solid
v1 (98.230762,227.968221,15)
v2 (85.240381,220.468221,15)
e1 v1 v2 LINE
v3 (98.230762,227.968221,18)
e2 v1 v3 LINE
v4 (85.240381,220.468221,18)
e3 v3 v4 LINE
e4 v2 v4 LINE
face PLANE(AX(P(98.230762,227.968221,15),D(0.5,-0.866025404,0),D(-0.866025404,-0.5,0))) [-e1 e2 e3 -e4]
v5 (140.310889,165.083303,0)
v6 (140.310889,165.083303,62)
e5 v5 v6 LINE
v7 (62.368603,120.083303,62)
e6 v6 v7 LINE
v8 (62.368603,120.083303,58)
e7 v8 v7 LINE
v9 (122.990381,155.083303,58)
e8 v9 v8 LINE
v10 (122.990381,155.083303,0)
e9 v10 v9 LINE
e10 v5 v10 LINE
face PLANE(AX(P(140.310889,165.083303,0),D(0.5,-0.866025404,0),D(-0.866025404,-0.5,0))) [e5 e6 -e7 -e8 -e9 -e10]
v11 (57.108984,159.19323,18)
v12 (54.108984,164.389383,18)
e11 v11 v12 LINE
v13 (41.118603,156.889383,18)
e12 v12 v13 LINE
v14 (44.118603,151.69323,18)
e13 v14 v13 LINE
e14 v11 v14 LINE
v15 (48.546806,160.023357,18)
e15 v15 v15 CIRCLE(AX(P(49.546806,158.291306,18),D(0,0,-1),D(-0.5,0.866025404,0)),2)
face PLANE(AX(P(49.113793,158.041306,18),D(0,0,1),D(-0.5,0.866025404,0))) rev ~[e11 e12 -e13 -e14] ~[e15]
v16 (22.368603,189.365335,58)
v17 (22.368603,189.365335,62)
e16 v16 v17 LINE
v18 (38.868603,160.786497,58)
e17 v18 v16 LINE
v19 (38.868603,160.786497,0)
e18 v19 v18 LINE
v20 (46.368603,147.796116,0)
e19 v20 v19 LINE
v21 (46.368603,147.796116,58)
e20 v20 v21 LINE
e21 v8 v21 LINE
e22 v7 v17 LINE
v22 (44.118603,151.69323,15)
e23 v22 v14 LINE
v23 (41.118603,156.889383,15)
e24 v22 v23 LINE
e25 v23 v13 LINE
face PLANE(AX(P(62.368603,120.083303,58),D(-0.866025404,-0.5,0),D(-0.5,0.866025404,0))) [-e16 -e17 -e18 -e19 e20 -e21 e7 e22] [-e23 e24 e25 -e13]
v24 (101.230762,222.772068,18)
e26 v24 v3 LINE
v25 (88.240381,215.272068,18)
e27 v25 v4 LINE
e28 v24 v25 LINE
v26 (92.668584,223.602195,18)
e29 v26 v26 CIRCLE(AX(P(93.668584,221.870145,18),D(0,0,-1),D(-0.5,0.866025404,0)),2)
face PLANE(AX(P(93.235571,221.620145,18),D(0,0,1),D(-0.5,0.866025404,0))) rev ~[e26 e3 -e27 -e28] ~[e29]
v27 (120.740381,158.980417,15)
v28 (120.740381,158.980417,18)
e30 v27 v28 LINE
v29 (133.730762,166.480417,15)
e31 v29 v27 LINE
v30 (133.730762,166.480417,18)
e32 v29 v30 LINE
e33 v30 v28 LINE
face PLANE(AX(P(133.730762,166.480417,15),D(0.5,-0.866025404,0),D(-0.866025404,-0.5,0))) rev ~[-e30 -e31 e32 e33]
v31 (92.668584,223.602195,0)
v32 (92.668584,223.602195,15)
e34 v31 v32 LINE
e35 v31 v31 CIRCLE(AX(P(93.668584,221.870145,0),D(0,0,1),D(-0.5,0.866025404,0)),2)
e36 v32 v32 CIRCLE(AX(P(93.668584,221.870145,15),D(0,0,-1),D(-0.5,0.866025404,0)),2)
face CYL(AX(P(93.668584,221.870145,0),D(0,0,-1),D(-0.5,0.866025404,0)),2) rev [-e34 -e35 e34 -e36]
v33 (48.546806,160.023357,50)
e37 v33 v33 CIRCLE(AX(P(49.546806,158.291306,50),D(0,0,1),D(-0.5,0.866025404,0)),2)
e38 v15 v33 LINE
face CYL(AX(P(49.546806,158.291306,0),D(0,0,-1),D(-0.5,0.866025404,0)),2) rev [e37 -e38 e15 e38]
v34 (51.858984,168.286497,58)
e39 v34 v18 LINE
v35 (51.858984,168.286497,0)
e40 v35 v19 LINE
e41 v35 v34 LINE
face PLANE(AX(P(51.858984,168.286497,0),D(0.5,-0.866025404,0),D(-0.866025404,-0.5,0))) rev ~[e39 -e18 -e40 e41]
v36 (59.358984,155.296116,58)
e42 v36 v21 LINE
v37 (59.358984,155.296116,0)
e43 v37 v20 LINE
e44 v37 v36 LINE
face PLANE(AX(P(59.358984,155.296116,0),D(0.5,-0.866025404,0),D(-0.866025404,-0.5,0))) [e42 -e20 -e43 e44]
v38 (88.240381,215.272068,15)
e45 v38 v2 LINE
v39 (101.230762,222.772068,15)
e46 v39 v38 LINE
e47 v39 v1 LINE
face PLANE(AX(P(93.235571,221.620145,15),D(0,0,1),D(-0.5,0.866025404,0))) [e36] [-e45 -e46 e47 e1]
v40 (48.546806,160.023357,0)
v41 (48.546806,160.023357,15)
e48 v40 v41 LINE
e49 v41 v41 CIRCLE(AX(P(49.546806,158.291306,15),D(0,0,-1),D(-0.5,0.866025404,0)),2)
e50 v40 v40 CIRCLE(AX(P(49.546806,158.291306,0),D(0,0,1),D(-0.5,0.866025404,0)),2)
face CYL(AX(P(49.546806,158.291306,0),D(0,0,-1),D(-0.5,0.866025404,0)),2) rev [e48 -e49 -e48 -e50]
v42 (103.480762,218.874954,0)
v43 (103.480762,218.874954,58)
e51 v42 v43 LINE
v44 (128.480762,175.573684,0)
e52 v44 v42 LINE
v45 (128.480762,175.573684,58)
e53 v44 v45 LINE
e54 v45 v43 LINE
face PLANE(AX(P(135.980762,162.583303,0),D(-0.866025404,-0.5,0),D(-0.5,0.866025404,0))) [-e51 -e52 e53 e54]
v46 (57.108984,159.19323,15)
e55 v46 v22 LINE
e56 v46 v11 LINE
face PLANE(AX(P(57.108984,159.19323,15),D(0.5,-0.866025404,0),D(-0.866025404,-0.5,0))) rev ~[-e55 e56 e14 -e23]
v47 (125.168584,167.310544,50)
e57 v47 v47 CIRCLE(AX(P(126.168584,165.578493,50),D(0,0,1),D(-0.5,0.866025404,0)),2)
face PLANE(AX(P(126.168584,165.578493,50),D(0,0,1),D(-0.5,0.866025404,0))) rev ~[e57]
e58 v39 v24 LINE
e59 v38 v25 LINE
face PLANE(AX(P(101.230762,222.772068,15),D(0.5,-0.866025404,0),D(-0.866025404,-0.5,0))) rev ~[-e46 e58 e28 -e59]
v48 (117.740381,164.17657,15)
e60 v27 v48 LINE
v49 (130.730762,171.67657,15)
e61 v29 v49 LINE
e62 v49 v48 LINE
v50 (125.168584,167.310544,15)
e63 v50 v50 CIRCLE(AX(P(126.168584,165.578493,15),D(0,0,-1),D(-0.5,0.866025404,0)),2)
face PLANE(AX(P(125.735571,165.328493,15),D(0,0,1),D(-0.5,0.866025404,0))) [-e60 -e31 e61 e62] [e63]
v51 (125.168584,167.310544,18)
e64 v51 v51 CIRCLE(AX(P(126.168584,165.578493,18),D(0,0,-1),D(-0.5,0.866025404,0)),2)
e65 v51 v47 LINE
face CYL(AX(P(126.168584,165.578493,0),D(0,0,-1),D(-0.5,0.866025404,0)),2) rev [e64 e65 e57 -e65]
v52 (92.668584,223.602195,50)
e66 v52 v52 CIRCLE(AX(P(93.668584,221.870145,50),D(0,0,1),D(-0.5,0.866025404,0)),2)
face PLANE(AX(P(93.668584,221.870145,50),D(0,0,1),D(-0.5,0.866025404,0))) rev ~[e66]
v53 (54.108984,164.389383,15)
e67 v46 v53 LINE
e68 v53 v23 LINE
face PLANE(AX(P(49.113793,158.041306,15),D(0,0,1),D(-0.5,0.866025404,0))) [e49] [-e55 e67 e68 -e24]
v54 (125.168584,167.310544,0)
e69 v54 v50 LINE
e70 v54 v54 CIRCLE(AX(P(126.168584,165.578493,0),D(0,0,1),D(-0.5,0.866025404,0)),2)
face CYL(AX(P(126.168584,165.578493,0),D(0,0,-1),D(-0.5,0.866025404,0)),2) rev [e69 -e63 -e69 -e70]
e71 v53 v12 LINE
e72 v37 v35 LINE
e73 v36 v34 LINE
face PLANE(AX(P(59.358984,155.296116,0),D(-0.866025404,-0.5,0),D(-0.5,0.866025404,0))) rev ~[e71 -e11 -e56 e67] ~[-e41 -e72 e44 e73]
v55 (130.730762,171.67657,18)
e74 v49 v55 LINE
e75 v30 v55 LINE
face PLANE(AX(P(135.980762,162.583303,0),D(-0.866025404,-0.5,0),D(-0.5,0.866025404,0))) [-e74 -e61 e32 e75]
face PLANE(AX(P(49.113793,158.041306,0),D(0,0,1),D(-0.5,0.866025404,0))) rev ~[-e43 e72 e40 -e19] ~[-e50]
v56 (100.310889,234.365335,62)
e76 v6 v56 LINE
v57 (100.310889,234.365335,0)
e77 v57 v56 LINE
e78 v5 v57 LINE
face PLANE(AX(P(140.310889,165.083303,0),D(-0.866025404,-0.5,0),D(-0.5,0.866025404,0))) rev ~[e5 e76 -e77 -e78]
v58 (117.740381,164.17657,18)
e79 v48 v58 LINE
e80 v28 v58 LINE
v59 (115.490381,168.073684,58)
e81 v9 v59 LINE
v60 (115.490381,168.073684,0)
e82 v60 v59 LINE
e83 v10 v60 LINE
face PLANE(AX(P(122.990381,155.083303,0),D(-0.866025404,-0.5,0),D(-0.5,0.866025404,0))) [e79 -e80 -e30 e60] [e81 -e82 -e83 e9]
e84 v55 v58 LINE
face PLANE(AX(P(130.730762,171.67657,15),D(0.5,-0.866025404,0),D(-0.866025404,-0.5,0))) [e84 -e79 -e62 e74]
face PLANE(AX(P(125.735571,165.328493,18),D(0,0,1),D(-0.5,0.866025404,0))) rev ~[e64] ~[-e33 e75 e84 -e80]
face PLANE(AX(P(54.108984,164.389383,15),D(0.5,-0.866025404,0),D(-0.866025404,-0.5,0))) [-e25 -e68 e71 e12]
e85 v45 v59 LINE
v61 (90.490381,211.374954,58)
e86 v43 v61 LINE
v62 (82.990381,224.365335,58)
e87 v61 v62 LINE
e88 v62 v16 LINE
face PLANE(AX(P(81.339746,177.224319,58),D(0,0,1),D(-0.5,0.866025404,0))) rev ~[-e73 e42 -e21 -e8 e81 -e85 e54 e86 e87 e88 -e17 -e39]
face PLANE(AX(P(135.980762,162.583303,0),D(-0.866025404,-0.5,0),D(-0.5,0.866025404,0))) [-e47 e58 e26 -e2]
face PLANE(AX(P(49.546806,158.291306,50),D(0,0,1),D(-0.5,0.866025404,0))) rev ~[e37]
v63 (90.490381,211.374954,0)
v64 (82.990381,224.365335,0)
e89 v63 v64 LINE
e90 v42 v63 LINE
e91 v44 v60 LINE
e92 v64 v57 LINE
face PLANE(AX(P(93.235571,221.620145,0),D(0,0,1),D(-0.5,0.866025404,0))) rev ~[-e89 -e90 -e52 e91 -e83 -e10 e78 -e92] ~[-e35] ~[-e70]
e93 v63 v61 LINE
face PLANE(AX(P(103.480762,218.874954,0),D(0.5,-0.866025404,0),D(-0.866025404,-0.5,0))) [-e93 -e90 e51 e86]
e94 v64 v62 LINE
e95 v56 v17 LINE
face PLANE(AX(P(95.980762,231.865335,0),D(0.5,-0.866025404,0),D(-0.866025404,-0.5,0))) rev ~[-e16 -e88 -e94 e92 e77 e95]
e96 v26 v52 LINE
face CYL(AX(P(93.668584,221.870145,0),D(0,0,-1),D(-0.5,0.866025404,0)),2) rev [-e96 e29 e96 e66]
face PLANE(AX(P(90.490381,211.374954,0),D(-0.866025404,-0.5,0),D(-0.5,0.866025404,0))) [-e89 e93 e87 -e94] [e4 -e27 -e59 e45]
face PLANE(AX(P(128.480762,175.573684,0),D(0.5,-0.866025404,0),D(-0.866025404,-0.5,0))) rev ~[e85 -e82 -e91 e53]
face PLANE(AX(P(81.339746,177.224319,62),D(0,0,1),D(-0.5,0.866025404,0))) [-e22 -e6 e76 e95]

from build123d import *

# Parameters (mm, degrees)
BOX035_W                 = 6
BOX035_H                 = 15
BOX035_DEPTH             = 3
CYLINDER018_R            = 2
CYLINDER018_DEPTH        = 50
BOX_W                    = 15
BOX_H                    = 15
BOX_DEPTH                = 58
BOX038_W                 = 80
BOX038_H                 = 5
BOX038_DEPTH             = 58
BOX039_W                 = 80
BOX039_H                 = 90
BOX039_DEPTH             = 4
CLONE002_PLACEMENT_ANGLE = 120


with BuildPart() as nut_hole:
    # Box035 → Box035 (new body)
    with BuildSketch(Plane(origin=(-8.5, 5, 15), x_dir=(1, 0, 0), z_dir=(0, 0, 1))):
        with Locations((3, 7.5)):
            Rectangle(BOX035_W, BOX035_H)
    extrude(amount=BOX035_DEPTH)


with BuildPart() as cylinder:
    # Cylinder018 → Cylinder018 (new body)
    with BuildSketch(Plane(origin=(-5.5, 12, 0), x_dir=(1, 0, 0), z_dir=(0, 0, 1))):
        Circle(CYLINDER018_R)
    extrude(amount=CYLINDER018_DEPTH)


with BuildPart() as cut:
    # Box → Box (new body)
    with BuildSketch(Plane(origin=(-13, 5, 0), x_dir=(1, 0, 0), z_dir=(0, 0, 1))):
        with Locations((7.5, 7.5)):
            Rectangle(BOX_W, BOX_H)
    extrude(amount=BOX_DEPTH)

    # Cut: cut Cylinder
    add(cylinder.part, mode=Mode.SUBTRACT)


with BuildPart() as cut037:
    # Cut037 base: copy of Cut
    add(cut.part)

    # Cut037: cut Nut hole
    add(nut_hole.part, mode=Mode.SUBTRACT)


with BuildPart() as cut037_1:
    # Cut037 placement: moved
    add(cut037.part.moved(Location((-22, 0, 0))))


with BuildPart() as cut038:
    # Cut038 base: copy of Cut
    add(cut.part)

    # Cut038: cut Nut hole
    add(nut_hole.part, mode=Mode.SUBTRACT)


with BuildPart() as cut038_1:
    # Cut038 placement: moved
    add(cut038.part.moved(Location((43, 0, 0))))


with BuildPart() as extension_supports:
    # Cut039 base: copy of Cut
    add(cut.part)

    # Cut039: cut Nut hole
    add(nut_hole.part, mode=Mode.SUBTRACT)


with BuildPart() as extension_supports_1:
    # Cut039 placement: moved
    add(extension_supports.part.moved(Location((10, 70, 0))))

    # Fusion082: union Cut037, Cut038
    add(cut037_1.part)
    add(cut038_1.part)


with BuildPart() as cube002:
    # Box038 → Box038 (new body)
    with BuildSketch(Plane(origin=(-35, 0, 0), x_dir=(1, 0, 0), z_dir=(0, 0, 1))):
        with Locations((40, 2.5)):
            Rectangle(BOX038_W, BOX038_H)
    extrude(amount=BOX038_DEPTH)


with BuildPart() as clone002:
    # Box039 → Box039 (new body)
    with BuildSketch(Plane(origin=(-35, 0, 58), x_dir=(1, 0, 0), z_dir=(0, 0, 1))):
        with Locations((40, 45)):
            Rectangle(BOX039_W, BOX039_H)
    extrude(amount=BOX039_DEPTH)

    # Fusion081: union Cube002
    add(cube002.part)

    # Fusion084: union Extension supports
    add(extension_supports_1.part)


with BuildPart() as clone002_1:
    # Clone002 placement: moved
    add(clone002.part.moved(Location((122.810889, 195.394192, 0))).rotate(Axis((122.810889, 195.394192, 0), (0, 0, 1)), CLONE002_PLACEMENT_ANGLE))


solid = clone002_1.part
